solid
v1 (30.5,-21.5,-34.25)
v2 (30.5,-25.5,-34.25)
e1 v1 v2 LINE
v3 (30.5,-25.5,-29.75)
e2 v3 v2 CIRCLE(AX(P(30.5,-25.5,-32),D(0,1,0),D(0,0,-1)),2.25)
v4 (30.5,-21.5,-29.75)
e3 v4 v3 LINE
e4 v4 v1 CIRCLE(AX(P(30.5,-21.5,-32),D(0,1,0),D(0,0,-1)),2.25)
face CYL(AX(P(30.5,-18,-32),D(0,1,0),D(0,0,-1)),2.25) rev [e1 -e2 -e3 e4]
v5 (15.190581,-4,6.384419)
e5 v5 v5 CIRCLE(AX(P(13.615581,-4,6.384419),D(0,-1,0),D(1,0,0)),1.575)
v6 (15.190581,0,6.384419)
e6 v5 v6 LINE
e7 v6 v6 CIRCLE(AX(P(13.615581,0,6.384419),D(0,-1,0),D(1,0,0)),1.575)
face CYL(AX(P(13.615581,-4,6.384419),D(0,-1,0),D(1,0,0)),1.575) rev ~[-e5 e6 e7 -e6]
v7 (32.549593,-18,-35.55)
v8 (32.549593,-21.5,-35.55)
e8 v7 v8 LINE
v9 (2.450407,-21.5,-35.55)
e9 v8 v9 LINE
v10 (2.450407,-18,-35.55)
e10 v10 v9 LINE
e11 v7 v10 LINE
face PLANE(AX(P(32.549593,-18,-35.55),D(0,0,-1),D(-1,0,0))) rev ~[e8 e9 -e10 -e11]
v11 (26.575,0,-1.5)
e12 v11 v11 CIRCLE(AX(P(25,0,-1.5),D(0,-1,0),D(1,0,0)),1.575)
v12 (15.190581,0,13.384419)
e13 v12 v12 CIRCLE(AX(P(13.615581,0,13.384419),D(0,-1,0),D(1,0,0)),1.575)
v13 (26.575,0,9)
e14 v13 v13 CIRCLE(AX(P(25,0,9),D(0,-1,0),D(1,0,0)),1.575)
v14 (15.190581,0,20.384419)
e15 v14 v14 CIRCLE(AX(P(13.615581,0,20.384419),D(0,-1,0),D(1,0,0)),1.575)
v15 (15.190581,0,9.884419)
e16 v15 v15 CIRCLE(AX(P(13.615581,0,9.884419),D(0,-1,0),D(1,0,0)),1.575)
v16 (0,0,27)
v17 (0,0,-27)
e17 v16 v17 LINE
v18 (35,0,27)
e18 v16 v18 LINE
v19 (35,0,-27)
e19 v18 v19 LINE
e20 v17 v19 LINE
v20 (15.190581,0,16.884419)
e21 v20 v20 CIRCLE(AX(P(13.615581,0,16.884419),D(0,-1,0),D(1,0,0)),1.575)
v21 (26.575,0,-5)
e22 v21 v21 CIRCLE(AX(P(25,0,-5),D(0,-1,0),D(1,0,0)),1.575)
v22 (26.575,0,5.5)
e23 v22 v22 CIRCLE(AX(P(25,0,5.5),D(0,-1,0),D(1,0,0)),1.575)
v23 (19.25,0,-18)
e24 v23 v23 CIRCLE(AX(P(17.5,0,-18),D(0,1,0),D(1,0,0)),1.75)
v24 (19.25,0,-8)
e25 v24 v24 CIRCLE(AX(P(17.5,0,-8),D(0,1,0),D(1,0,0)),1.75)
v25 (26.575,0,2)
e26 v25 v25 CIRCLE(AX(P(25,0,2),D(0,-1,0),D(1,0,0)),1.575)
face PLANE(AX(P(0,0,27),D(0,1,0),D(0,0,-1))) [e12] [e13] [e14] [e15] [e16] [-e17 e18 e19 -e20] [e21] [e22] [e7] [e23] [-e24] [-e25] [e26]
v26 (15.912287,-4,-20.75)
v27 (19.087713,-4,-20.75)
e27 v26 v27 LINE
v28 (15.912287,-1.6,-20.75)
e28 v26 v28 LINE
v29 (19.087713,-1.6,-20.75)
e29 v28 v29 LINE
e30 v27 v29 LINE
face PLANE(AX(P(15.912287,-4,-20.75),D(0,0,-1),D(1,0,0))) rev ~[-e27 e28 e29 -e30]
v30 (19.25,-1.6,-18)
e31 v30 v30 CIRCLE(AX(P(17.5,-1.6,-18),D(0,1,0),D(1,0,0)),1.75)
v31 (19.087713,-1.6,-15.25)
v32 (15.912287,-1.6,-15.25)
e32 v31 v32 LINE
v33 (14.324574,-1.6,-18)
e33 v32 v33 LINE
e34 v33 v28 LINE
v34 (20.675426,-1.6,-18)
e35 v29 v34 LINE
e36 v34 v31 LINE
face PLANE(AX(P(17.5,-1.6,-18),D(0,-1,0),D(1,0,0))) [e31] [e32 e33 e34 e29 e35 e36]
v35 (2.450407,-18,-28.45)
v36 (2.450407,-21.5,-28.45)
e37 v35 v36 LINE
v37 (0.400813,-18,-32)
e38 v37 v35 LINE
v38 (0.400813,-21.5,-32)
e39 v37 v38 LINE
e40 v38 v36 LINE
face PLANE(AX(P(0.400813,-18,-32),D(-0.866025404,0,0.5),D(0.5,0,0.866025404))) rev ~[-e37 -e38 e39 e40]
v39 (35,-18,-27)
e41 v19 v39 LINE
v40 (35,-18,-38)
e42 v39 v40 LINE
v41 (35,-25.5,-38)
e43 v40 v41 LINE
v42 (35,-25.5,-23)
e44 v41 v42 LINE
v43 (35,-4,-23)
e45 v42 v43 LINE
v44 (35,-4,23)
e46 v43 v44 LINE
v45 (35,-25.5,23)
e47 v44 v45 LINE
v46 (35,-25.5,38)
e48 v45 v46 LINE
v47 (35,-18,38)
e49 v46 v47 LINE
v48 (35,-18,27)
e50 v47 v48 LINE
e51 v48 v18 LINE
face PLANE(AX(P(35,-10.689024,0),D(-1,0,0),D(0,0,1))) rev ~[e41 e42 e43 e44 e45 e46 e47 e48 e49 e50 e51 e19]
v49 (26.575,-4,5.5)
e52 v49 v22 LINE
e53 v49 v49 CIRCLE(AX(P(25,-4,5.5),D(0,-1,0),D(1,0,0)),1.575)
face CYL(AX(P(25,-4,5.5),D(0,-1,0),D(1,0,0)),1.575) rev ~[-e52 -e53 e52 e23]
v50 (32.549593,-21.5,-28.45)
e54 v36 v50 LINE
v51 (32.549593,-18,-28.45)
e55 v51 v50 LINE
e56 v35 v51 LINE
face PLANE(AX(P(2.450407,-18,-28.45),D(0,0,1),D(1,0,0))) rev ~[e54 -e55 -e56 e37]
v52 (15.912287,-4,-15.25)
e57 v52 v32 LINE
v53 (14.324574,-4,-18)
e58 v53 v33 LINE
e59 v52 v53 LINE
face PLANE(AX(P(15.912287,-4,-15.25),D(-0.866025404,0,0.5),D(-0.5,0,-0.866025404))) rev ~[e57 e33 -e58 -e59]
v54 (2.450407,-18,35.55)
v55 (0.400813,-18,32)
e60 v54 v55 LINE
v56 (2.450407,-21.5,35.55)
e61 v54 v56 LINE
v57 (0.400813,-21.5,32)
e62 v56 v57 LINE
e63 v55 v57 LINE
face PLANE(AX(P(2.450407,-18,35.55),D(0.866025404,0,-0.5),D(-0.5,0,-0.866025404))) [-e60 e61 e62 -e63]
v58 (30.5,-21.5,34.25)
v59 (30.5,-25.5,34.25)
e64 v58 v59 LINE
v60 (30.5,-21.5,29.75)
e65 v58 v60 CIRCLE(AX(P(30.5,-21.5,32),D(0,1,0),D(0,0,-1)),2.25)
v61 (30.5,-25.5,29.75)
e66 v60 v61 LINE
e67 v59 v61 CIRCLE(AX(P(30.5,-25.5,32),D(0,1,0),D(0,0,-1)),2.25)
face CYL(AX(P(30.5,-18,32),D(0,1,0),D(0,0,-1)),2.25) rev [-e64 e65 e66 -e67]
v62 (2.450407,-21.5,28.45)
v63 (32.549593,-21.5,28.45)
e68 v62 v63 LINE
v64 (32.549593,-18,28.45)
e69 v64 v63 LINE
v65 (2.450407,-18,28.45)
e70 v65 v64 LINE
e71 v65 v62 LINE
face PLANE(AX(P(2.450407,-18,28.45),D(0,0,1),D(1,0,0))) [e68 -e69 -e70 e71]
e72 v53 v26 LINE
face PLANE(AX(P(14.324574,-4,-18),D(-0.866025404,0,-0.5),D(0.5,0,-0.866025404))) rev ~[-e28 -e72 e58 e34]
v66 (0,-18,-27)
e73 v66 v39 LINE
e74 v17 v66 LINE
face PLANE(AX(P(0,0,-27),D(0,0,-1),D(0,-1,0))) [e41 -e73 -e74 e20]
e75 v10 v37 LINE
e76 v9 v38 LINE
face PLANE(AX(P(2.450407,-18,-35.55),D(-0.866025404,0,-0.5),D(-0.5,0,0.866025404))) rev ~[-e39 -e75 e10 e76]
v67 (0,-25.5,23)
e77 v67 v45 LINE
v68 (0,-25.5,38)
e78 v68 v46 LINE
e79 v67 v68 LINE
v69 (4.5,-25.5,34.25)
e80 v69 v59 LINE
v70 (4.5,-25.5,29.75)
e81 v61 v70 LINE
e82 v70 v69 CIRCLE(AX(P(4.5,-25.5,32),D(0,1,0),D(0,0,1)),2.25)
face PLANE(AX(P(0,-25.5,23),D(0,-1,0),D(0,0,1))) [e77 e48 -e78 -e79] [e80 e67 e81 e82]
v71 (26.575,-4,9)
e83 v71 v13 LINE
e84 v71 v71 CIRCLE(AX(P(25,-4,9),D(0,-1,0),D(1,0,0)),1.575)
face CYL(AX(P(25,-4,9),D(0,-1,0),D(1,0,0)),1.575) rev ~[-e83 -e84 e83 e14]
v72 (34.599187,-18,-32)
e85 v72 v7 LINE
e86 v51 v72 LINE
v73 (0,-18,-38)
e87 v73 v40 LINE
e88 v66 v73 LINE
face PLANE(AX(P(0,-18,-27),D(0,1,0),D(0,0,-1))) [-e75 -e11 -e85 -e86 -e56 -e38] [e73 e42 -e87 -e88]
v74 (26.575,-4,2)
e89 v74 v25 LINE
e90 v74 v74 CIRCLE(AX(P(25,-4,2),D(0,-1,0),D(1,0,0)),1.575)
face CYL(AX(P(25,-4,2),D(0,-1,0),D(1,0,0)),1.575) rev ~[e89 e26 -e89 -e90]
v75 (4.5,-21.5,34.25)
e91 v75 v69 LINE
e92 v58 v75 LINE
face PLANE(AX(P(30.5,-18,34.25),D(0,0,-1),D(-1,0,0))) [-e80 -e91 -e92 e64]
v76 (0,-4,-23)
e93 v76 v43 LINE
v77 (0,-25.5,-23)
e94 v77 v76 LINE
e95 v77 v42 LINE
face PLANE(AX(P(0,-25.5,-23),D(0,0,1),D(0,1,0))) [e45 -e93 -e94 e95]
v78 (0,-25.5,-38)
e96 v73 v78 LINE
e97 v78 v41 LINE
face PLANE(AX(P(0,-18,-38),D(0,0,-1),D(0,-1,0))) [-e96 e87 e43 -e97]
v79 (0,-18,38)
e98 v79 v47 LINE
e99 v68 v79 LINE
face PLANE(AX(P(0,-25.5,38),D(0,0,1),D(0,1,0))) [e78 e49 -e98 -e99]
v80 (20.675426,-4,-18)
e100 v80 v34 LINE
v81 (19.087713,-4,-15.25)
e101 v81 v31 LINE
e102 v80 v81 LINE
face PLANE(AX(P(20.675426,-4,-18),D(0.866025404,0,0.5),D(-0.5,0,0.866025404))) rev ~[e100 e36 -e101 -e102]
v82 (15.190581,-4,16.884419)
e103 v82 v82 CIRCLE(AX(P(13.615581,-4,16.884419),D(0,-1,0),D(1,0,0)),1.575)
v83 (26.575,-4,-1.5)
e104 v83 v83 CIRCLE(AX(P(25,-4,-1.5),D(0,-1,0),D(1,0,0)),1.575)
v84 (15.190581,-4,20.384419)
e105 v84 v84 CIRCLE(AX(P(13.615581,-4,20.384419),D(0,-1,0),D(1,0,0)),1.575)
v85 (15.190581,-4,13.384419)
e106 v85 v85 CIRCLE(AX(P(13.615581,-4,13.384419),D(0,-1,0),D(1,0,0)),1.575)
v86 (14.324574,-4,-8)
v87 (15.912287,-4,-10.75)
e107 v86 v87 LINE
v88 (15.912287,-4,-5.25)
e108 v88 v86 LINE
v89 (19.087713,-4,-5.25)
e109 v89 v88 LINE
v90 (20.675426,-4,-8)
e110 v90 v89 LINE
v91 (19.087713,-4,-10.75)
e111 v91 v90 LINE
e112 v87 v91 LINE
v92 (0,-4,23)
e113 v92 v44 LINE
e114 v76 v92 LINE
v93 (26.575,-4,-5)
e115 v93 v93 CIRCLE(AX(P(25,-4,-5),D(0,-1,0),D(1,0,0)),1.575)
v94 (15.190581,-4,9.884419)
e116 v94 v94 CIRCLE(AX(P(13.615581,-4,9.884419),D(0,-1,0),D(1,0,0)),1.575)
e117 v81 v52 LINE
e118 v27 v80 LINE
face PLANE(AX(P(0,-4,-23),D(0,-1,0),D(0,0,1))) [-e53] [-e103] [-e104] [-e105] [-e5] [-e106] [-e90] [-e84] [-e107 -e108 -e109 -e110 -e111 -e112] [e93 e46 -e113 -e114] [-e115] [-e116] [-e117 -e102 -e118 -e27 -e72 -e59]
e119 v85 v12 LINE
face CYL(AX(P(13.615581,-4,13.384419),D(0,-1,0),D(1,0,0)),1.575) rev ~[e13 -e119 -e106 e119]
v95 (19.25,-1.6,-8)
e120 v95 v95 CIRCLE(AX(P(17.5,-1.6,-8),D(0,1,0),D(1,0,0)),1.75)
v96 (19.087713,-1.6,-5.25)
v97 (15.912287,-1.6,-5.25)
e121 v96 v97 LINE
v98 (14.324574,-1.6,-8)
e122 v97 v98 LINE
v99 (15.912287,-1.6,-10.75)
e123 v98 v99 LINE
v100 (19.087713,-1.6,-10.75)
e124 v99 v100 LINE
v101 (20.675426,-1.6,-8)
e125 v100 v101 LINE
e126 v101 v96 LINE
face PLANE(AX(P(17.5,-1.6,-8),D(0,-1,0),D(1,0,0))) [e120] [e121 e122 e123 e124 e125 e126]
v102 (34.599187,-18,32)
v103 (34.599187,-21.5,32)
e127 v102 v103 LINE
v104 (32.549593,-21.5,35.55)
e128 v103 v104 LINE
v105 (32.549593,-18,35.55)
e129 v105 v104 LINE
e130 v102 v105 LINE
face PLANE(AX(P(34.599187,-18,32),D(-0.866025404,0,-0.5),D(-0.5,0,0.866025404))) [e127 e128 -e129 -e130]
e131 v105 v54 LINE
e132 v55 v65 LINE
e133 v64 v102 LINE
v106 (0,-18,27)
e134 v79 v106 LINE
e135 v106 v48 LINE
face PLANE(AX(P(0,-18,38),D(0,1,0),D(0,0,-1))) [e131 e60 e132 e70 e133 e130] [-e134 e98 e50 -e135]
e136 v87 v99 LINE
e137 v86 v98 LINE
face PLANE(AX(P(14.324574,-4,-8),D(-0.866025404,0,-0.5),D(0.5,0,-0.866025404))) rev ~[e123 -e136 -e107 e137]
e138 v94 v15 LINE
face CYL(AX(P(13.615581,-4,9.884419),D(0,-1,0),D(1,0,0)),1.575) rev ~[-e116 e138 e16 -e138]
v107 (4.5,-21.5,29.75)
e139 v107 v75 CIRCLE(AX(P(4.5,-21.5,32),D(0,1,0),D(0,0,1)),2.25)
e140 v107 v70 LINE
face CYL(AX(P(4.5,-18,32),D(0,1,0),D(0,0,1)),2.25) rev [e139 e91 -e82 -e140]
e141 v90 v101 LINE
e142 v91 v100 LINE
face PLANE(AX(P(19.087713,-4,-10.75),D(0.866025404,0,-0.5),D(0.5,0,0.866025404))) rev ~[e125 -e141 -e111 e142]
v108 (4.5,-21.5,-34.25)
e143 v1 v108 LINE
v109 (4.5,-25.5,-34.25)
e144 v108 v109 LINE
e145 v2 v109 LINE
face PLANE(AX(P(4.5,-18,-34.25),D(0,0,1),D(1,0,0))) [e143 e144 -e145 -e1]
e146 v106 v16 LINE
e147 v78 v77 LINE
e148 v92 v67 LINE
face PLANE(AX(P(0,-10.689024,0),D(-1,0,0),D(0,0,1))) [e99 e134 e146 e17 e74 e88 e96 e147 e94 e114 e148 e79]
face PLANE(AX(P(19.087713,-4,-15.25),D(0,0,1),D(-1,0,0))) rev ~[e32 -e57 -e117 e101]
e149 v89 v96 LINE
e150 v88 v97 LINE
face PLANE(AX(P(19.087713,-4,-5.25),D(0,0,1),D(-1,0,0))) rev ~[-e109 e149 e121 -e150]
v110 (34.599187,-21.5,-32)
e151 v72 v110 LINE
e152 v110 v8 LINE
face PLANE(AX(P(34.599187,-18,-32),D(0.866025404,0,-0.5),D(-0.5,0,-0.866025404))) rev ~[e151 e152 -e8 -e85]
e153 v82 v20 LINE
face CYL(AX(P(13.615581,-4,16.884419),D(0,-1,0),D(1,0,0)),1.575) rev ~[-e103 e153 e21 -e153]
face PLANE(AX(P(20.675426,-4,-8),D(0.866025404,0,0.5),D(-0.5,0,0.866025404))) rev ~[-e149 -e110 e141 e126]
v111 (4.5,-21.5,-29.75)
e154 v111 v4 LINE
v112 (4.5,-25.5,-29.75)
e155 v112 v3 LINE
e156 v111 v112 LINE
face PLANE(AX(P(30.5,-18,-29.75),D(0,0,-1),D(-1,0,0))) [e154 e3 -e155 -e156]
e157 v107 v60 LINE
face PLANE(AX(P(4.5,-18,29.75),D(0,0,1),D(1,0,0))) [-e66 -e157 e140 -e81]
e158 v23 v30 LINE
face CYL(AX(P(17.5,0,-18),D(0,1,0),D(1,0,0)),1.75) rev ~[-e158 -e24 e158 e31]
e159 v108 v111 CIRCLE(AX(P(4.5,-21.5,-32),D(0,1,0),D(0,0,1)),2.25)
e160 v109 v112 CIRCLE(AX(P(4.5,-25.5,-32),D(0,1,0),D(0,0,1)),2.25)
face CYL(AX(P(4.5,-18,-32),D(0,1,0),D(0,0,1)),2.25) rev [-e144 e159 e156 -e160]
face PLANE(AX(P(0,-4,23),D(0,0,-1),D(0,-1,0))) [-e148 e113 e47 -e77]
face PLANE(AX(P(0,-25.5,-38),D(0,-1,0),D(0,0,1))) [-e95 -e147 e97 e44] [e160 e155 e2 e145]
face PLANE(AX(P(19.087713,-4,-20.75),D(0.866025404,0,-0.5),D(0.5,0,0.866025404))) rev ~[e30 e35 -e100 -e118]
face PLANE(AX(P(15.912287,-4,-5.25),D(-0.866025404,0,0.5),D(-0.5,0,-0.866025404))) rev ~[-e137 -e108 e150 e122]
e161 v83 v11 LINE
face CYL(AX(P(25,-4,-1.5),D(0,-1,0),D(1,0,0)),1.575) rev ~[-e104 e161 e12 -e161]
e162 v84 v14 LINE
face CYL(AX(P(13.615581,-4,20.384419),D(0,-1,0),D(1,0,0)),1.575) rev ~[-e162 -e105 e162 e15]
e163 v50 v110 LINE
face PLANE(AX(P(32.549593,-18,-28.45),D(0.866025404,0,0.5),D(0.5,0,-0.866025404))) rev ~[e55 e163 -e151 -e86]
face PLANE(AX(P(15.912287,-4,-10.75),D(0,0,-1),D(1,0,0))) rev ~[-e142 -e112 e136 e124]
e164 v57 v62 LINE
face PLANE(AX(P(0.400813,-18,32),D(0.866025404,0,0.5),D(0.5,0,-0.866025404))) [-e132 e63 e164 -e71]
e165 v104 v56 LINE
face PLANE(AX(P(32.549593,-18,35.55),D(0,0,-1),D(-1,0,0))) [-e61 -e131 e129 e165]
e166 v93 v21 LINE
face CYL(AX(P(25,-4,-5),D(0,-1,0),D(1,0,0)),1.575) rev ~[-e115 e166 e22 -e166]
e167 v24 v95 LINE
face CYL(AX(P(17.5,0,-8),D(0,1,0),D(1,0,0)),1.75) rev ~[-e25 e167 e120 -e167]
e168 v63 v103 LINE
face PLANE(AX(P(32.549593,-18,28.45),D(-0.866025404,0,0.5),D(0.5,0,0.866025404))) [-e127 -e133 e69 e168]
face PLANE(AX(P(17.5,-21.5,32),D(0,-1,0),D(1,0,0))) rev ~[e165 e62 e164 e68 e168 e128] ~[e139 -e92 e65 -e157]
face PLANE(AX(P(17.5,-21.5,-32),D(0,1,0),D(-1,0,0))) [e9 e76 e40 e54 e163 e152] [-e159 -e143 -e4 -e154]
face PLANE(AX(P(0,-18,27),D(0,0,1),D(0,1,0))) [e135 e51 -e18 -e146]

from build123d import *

# Parameters (mm, degrees)
SALIENTE_EXTRUIR1_DEPTH = 35
CORTAR_EXTRUIR1_DEPTH   = 8.5
CROQUIS3_R              = 1.75
CORTAR_EXTRUIR2_DEPTH   = 26.5
CORTAR_EXTRUIR3_DEPTH   = 2.4
CORTAR_EXTRUIR4_DEPTH   = 3.5
CROQUIS8_R              = 1.575
CORTAR_EXTRUIR6_DEPTH   = 5


with BuildPart() as part:
    # Croquis1 → Saliente-Extruir1 (new body)
    with BuildSketch(Plane(origin=(0, 0, 0), x_dir=(0, 0, -1), z_dir=(1, 0, 0))):
        Polygon((-38, -18), (-27, -18), (-27, 0), (27, 0), (27, -18), (38, -18), (38, -25.5), (23, -25.5), (23, -4), (-23, -4), (-23, -25.5), (-38, -25.5), align=None)
    extrude(amount=SALIENTE_EXTRUIR1_DEPTH)

    # Croquis2 → Cortar-Extruir1 (cut, through all)
    with BuildSketch(Plane(origin=(0, -18, 0), x_dir=(1, 0, 0), z_dir=(0, 1, 0))):
        with BuildLine():
            Line((4.5, 34.25), (30.5, 34.25))
            ThreePointArc((30.5, 34.25), (32.75, 32), (30.5, 29.75))
            Line((30.5, 29.75), (4.5, 29.75))
            ThreePointArc((4.5, 29.75), (2.25, 32), (4.5, 34.25))
        make_face()
        with BuildLine():
            Line((4.5, -29.75), (30.5, -29.75))
            ThreePointArc((30.5, -29.75), (32.75, -32), (30.5, -34.25))
            Line((30.5, -34.25), (4.5, -34.25))
            ThreePointArc((4.5, -34.25), (2.25, -32), (4.5, -29.75))
        make_face()
    extrude(amount=-CORTAR_EXTRUIR1_DEPTH, mode=Mode.SUBTRACT)

    # Croquis3 → Cortar-Extruir2 (cut, through all)
    with BuildSketch(Plane(origin=(0, 0, 0), x_dir=(1, 0, 0), z_dir=(0, 1, 0))):
        with Locations((17.5, 18)):
            Circle(CROQUIS3_R)
        with Locations((17.5, 8)):
            Circle(CROQUIS3_R)
    extrude(amount=-CORTAR_EXTRUIR2_DEPTH, mode=Mode.SUBTRACT)

    # Croquis4 → Cortar-Extruir3 (cut)
    with BuildSketch(Plane.XZ.offset(4)):
        Polygon((20.675426481, -8), (19.08771324, -5.25), (15.91228676, -5.25), (14.324573519, -8), (15.91228676, -10.75), (19.08771324, -10.75), align=None)
        Polygon((20.675426481, -18), (19.08771324, -15.25), (15.91228676, -15.25), (14.324573519, -18), (15.91228676, -20.75), (19.08771324, -20.75), align=None)
    extrude(amount=-CORTAR_EXTRUIR3_DEPTH, mode=Mode.SUBTRACT)

    # Croquis5 → Cortar-Extruir4 (cut)
    with BuildSketch(Plane.XZ.offset(18)):
        Polygon((0.400813089, -32), (2.450406544, -28.45), (32.549593456, -28.45), (34.599186911, -32), (32.549593456, -35.55), (2.450406544, -35.55), align=None)
        Polygon((0.400813089, 32), (2.450406544, 28.45), (32.549593456, 28.45), (34.599186911, 32), (32.549593456, 35.55), (2.450406544, 35.55), align=None)
    extrude(amount=CORTAR_EXTRUIR4_DEPTH, mode=Mode.SUBTRACT)

    # Croquis8 → Cortar-Extruir6 (cut, through all)
    with BuildSketch(Plane.XZ.offset(4)):
        with Locations((25, 9)):
            Circle(CROQUIS8_R)
        with Locations((13.615580823, 20.384419177)):
            Circle(CROQUIS8_R)
        with Locations((13.615580823, 16.884419177)):
            Circle(CROQUIS8_R)
        with Locations((25, 5.5)):
            Circle(CROQUIS8_R)
        with Locations((13.615580823, 13.384419177)):
            Circle(CROQUIS8_R)
        with Locations((25, 2)):
            Circle(CROQUIS8_R)
        with Locations((13.615580823, 9.884419177)):
            Circle(CROQUIS8_R)
        with Locations((25, -1.5)):
            Circle(CROQUIS8_R)
        with Locations((13.615580823, 6.384419177)):
            Circle(CROQUIS8_R)
        with Locations((25, -5)):
            Circle(CROQUIS8_R)
    extrude(amount=-CORTAR_EXTRUIR6_DEPTH, mode=Mode.SUBTRACT)


solid = part.part
